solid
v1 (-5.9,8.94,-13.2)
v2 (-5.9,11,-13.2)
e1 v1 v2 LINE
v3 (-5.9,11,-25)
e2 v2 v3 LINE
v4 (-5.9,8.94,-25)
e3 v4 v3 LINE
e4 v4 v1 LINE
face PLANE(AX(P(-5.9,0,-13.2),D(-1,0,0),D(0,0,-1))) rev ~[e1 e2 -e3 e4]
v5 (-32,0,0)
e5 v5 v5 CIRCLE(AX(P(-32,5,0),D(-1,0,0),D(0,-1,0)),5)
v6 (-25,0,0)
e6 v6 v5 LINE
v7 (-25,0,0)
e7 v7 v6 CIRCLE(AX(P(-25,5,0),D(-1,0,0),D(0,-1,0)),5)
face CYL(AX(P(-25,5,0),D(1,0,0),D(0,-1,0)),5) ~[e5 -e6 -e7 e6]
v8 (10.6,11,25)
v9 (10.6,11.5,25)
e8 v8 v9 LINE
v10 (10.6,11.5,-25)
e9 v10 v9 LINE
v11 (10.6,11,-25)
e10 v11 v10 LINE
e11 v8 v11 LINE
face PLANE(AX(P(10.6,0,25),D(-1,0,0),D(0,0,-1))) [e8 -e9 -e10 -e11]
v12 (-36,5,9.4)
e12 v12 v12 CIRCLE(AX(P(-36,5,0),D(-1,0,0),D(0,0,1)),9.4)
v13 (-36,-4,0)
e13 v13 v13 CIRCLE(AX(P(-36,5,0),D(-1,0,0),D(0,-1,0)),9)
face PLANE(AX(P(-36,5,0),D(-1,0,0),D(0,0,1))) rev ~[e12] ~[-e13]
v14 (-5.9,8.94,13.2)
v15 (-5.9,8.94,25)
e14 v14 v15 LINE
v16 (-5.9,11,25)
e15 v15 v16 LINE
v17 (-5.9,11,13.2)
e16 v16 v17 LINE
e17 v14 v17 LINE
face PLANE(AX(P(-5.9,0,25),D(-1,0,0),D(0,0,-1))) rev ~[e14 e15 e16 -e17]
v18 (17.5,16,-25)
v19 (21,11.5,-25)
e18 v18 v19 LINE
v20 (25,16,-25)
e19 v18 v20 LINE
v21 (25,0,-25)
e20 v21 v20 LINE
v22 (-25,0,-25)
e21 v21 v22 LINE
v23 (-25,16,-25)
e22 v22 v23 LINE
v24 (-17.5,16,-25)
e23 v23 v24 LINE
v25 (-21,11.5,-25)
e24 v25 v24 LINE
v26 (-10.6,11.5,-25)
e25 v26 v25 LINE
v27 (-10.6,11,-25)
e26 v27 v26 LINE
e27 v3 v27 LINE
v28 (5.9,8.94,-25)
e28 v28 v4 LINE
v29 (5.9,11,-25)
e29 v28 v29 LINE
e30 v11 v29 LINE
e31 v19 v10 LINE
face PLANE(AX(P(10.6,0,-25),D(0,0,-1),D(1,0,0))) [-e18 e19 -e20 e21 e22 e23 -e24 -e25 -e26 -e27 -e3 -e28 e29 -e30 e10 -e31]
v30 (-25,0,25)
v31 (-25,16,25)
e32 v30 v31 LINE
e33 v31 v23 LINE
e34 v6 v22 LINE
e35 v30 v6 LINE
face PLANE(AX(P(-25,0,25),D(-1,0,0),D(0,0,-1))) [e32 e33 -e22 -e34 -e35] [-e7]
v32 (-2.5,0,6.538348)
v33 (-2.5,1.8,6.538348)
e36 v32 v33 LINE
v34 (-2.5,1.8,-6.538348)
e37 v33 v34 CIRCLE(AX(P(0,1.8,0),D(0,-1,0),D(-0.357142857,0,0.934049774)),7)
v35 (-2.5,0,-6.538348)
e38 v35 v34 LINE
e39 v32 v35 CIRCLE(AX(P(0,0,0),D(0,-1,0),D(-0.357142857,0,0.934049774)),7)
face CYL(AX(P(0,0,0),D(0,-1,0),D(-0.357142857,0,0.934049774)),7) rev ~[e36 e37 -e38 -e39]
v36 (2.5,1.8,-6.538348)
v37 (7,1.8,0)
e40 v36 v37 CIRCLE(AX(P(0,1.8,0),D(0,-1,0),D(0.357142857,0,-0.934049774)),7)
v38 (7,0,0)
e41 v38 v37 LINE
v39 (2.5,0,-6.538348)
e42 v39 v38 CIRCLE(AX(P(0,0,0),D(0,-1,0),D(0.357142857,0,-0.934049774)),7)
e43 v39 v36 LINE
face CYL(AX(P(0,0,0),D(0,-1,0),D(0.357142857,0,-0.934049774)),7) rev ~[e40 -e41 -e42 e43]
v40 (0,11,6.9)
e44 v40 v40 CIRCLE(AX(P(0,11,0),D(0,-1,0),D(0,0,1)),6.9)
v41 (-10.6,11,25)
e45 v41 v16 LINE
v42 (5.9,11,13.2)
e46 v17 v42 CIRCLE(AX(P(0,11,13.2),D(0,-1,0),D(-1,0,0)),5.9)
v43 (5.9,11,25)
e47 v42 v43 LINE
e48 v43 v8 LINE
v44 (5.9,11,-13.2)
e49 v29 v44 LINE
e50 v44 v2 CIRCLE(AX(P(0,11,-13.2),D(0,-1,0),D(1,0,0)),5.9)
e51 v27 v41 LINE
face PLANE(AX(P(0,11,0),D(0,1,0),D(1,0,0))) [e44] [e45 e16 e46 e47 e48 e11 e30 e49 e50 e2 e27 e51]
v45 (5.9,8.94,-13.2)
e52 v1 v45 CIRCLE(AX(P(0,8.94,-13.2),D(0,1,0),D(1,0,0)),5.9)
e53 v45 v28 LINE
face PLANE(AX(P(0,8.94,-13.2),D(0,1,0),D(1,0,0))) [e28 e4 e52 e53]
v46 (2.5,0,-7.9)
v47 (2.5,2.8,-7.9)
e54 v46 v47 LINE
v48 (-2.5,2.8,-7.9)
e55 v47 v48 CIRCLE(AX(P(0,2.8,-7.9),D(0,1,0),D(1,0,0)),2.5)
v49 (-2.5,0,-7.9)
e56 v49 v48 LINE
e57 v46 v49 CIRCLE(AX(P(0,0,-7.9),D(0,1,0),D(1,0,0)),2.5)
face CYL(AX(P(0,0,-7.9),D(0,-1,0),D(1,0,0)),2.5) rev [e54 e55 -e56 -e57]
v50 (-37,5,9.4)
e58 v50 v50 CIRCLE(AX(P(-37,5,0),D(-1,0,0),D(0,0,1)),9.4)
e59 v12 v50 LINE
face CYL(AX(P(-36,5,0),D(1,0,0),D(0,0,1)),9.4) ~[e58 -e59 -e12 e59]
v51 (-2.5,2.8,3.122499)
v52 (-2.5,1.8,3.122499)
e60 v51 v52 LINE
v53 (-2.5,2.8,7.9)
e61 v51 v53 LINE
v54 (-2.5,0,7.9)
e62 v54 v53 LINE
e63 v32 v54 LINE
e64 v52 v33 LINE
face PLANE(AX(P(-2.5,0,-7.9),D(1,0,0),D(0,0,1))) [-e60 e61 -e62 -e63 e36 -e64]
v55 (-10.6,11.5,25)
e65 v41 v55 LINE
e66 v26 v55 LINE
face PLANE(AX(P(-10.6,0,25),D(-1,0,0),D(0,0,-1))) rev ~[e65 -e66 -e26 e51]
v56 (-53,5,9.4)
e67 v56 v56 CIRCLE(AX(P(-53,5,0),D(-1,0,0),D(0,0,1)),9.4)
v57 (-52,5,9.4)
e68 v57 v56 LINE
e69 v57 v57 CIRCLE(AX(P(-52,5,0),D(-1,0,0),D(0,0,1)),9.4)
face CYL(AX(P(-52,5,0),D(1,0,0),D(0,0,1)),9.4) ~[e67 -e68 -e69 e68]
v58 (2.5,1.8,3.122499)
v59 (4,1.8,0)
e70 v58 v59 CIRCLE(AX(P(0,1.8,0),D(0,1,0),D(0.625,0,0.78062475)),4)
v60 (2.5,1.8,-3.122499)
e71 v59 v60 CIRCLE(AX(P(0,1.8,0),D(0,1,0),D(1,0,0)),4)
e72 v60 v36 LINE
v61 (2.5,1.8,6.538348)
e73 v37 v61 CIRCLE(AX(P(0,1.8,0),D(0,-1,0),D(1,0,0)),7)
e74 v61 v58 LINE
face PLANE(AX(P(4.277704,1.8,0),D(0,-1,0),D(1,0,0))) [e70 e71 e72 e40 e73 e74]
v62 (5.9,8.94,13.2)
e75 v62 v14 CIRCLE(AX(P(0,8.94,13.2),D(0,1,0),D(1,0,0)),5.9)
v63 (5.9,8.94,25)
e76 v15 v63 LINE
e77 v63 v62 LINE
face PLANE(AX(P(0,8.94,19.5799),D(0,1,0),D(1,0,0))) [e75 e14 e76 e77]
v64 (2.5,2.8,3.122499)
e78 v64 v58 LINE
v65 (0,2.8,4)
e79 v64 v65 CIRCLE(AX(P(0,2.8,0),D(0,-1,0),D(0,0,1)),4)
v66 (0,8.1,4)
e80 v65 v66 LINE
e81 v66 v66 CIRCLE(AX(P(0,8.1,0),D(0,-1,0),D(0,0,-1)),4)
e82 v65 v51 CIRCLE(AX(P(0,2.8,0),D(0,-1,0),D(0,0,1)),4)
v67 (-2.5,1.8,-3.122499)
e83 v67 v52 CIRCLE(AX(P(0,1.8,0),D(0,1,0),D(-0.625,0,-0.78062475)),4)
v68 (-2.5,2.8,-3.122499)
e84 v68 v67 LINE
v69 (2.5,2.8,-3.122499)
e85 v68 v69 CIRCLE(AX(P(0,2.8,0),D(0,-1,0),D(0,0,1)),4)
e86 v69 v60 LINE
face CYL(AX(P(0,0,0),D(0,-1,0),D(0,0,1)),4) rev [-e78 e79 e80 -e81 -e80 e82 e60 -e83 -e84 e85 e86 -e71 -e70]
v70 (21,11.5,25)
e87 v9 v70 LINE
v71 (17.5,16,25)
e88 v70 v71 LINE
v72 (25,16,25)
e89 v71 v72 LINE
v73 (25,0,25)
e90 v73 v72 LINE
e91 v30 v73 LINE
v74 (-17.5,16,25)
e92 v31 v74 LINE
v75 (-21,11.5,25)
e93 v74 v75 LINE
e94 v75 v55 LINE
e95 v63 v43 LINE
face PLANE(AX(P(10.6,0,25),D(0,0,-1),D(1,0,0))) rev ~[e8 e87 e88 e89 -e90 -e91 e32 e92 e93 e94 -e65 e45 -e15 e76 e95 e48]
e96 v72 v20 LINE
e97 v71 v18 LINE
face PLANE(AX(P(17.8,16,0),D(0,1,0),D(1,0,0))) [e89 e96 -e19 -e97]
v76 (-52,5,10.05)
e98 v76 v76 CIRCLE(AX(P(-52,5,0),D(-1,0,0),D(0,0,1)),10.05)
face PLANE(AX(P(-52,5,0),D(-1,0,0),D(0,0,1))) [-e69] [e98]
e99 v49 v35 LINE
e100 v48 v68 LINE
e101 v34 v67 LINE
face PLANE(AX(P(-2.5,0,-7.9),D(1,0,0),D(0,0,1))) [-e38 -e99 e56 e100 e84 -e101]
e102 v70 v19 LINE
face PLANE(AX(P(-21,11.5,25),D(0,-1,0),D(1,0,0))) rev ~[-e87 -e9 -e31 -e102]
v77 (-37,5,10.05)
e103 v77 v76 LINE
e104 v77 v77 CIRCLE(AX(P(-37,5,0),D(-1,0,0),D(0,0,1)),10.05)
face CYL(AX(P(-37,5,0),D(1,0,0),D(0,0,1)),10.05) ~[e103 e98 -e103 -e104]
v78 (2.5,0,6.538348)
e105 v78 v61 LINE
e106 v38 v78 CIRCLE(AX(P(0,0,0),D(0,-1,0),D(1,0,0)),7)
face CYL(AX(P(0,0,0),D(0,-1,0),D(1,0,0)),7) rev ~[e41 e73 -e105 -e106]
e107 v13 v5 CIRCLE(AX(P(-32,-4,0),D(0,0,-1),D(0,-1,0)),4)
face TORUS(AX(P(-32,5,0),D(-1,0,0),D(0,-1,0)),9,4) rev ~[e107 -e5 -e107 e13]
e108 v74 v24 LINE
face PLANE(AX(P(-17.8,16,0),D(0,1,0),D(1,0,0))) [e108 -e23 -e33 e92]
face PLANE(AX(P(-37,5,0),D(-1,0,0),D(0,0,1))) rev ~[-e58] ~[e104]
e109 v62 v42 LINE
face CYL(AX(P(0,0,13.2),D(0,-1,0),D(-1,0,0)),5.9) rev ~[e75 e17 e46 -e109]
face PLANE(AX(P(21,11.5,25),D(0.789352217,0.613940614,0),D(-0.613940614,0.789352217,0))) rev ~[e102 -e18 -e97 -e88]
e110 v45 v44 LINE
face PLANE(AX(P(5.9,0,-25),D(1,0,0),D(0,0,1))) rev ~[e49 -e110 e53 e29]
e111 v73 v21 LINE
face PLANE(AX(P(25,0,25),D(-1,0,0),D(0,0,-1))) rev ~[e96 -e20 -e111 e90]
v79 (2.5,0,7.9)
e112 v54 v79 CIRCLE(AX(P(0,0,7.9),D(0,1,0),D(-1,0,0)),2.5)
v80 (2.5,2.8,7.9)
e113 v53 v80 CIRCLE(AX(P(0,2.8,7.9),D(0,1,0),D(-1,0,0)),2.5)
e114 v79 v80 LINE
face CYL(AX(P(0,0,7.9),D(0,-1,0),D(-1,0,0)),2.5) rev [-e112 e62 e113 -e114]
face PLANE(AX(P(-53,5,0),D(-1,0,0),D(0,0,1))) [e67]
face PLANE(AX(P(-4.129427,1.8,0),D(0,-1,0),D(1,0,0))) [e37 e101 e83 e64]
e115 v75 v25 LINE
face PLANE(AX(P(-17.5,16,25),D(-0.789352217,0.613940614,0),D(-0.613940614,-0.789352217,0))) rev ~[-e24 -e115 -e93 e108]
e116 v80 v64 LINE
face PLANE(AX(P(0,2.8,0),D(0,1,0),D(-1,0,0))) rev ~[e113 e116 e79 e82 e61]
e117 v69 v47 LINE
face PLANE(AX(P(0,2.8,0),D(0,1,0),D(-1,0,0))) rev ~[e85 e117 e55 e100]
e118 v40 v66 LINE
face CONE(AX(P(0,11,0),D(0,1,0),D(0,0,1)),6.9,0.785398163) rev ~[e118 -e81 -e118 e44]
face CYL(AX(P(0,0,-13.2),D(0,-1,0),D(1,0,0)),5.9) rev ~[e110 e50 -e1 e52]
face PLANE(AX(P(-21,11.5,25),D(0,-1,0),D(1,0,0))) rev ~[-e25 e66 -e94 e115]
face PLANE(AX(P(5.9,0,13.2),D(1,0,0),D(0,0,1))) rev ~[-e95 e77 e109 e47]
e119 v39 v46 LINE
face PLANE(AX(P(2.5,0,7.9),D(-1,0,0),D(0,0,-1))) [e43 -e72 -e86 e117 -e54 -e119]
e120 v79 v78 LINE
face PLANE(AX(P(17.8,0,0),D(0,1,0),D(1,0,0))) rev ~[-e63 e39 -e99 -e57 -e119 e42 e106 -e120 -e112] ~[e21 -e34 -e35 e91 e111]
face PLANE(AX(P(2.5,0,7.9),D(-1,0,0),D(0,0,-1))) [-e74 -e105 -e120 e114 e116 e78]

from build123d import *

# Parameters (mm, degrees)
SKETCH_1_R          = 5.9
EXTRUDE_1_DEPTH     = 8.94
SKETCH_1_4_R        = 4
EXTRUDE_2_DEPTH     = 11
SKETCH_1_5_W        = 14.4
SKETCH_1_5_H        = 50
EXTRUDE_3_DEPTH     = 16
CUT_EXTRUDE_1_DEPTH = 59.14636704
SKETCH_4_R          = 5
EXTRUDE_4_DEPTH     = 11
SKETCH_5_R          = 9.4
EXTRUDE_5_DEPTH     = 1
SKETCH_6_R          = 10.05
EXTRUDE_6_DEPTH     = 15
SKETCH_7_R          = 9.4
EXTRUDE_7_DEPTH     = 1
FILLET_1_R          = 4
CUT_EXTRUDE_3_DEPTH = 1.8
CUT_EXTRUDE_4_DEPTH = 2.8


with BuildPart() as part:
    # 草图1 → 凸台-拉伸1 (new body)
    with BuildSketch(Plane(origin=(0, 0, 0), x_dir=(1, 0, 0), z_dir=(0, 1, 0))):
        with BuildLine():
            Line((-5.9, -13.2), (-5.9, -25))
            Line((-5.9, -25), (5.9, -25))
            Line((5.9, -25), (5.9, -13.2))
            ThreePointArc((5.9, -13.2), (0, -19.1), (-5.9, -13.2))
        make_face()
        with Locations((0, -13.2)):
            Circle(SKETCH_1_R)
        with Locations((0, 13.2)):
            Circle(SKETCH_1_R)
        with BuildLine():
            Line((-5.9, 25), (-5.9, 13.2))
            ThreePointArc((-5.9, 13.2), (0, 19.1), (5.9, 13.2))
            Line((5.9, 13.2), (5.9, 25))
            Line((5.9, 25), (-5.9, 25))
        make_face()
    extrude(amount=EXTRUDE_1_DEPTH)

    # 草图1<4> → 凸台-拉伸2 (add)
    with BuildSketch(Plane(origin=(0, 0, 0), x_dir=(1, 0, 0), z_dir=(0, 1, 0))):
        with BuildLine():
            ThreePointArc((5.9, 13.2), (0, 7.3), (-5.9, 13.2))
            Line((-5.9, 13.2), (-5.9, 25))
            Line((-5.9, 25), (-10.6, 25))
            Line((-10.6, 25), (-10.6, -25))
            Line((-10.6, -25), (-5.9, -25))
            Line((-5.9, -25), (-5.9, -13.2))
            ThreePointArc((-5.9, -13.2), (0, -7.3), (5.9, -13.2))
            Line((5.9, -13.2), (5.9, -25))
            Line((5.9, -25), (10.6, -25))
            Line((10.6, -25), (10.6, 25))
            Line((10.6, 25), (5.9, 25))
            Line((5.9, 25), (5.9, 13.2))
        make_face()
        with Locations(Location((0, 0, 0), (0, 0, 270))):
            Circle(SKETCH_1_4_R, mode=Mode.SUBTRACT)
    extrude(amount=EXTRUDE_2_DEPTH)

    # 草图1<5> → 凸台-拉伸3 (add)
    with BuildSketch(Plane(origin=(0, 0, 0), x_dir=(1, 0, 0), z_dir=(0, 1, 0))):
        with Locations((17.8, 0)):
            Rectangle(SKETCH_1_5_W, SKETCH_1_5_H)
        with Locations((-17.8, 0)):
            Rectangle(SKETCH_1_5_W, SKETCH_1_5_H)
    extrude(amount=EXTRUDE_3_DEPTH)

    # 草图2 → 切除-拉伸1 (cut, through all)
    with BuildSketch(Plane.XY.offset(25)):
        Polygon((-17.5, 16), (-21, 11.5), (21, 11.5), (17.5, 16), align=None)
    extrude(amount=-CUT_EXTRUDE_1_DEPTH, mode=Mode.SUBTRACT)

    # 切除-拉伸2 cone 1 section (through the dimple's axis) → 切除-拉伸2 (revolve, cut)
    with BuildSketch(Plane(origin=(0, 11, 0), x_dir=(0, 0, 1), z_dir=(1, 0, 0))):
        Polygon((0, 0), (6.9, 0), (0, 6.9), align=None)
    revolve(axis=Axis((0, 11, 0), (0, -1, 0)), mode=Mode.SUBTRACT)

    # 草图4 → 凸台-拉伸4 (add)
    with BuildSketch(Plane.ZY.offset(25)):
        with Locations(Location((0, 5, 0), (0, 0, 270))):
            Circle(SKETCH_4_R)
    extrude(amount=EXTRUDE_4_DEPTH)

    # 草图5 → 凸台-拉伸5 (add)
    with BuildSketch(Plane.ZY.offset(36)):
        with Locations((0, 5)):
            Circle(SKETCH_5_R)
    extrude(amount=EXTRUDE_5_DEPTH)

    # 草图6 → 凸台-拉伸6 (add)
    with BuildSketch(Plane.ZY.offset(37)):
        with Locations((0, 5)):
            Circle(SKETCH_6_R)
    extrude(amount=EXTRUDE_6_DEPTH)

    # 草图7 → 凸台-拉伸7 (add)
    with BuildSketch(Plane.ZY.offset(52)):
        with Locations((0, 5)):
            Circle(SKETCH_7_R)
    extrude(amount=EXTRUDE_7_DEPTH)

    # 圆角1
    fillet_1_edges = [part.edges().sort_by_distance(p)[0] for p in [
        (-36, 10, 0),
    ]]
    fillet(fillet_1_edges, radius=FILLET_1_R)

    # 草图8 → 切除-拉伸3 (cut)
    with BuildSketch(Plane.XZ):
        with BuildLine():
            Line((-2.5, 3.122498999), (-2.5, 6.538348415))
            ThreePointArc((-2.5, 6.538348415), (-7, 0), (-2.5, -6.538348415))
            Line((-2.5, -6.538348415), (-2.5, -3.122498999))
            ThreePointArc((-2.5, -3.122498999), (-4, 0), (-2.5, 3.122498999))
        make_face()
        with BuildLine():
            ThreePointArc((7, 0), (5.766281297, 3.968626967), (2.5, 6.538348415))
            Line((2.5, 6.538348415), (2.5, 3.122498999))
            ThreePointArc((2.5, 3.122498999), (3.605551275, 1.732050808), (4, 0))
            ThreePointArc((4, 0), (3.605551275, -1.732050808), (2.5, -3.122498999))
            Line((2.5, -3.122498999), (2.5, -6.538348415))
            ThreePointArc((2.5, -6.538348415), (5.766281297, -3.968626967), (7, 0))
        make_face()
    extrude(amount=-CUT_EXTRUDE_3_DEPTH, mode=Mode.SUBTRACT)

    # 草图8<3> → 切除-拉伸4 (cut)
    with BuildSketch(Plane.XZ):
        with BuildLine():
            Line((2.5, 7.9), (2.5, -7.9))
            ThreePointArc((2.5, -7.9), (0, -10.4), (-2.5, -7.9))
            Line((-2.5, -7.9), (-2.5, 7.9))
            ThreePointArc((-2.5, 7.9), (0, 10.4), (2.5, 7.9))
        make_face()
    extrude(amount=-CUT_EXTRUDE_4_DEPTH, mode=Mode.SUBTRACT)


solid = part.part
